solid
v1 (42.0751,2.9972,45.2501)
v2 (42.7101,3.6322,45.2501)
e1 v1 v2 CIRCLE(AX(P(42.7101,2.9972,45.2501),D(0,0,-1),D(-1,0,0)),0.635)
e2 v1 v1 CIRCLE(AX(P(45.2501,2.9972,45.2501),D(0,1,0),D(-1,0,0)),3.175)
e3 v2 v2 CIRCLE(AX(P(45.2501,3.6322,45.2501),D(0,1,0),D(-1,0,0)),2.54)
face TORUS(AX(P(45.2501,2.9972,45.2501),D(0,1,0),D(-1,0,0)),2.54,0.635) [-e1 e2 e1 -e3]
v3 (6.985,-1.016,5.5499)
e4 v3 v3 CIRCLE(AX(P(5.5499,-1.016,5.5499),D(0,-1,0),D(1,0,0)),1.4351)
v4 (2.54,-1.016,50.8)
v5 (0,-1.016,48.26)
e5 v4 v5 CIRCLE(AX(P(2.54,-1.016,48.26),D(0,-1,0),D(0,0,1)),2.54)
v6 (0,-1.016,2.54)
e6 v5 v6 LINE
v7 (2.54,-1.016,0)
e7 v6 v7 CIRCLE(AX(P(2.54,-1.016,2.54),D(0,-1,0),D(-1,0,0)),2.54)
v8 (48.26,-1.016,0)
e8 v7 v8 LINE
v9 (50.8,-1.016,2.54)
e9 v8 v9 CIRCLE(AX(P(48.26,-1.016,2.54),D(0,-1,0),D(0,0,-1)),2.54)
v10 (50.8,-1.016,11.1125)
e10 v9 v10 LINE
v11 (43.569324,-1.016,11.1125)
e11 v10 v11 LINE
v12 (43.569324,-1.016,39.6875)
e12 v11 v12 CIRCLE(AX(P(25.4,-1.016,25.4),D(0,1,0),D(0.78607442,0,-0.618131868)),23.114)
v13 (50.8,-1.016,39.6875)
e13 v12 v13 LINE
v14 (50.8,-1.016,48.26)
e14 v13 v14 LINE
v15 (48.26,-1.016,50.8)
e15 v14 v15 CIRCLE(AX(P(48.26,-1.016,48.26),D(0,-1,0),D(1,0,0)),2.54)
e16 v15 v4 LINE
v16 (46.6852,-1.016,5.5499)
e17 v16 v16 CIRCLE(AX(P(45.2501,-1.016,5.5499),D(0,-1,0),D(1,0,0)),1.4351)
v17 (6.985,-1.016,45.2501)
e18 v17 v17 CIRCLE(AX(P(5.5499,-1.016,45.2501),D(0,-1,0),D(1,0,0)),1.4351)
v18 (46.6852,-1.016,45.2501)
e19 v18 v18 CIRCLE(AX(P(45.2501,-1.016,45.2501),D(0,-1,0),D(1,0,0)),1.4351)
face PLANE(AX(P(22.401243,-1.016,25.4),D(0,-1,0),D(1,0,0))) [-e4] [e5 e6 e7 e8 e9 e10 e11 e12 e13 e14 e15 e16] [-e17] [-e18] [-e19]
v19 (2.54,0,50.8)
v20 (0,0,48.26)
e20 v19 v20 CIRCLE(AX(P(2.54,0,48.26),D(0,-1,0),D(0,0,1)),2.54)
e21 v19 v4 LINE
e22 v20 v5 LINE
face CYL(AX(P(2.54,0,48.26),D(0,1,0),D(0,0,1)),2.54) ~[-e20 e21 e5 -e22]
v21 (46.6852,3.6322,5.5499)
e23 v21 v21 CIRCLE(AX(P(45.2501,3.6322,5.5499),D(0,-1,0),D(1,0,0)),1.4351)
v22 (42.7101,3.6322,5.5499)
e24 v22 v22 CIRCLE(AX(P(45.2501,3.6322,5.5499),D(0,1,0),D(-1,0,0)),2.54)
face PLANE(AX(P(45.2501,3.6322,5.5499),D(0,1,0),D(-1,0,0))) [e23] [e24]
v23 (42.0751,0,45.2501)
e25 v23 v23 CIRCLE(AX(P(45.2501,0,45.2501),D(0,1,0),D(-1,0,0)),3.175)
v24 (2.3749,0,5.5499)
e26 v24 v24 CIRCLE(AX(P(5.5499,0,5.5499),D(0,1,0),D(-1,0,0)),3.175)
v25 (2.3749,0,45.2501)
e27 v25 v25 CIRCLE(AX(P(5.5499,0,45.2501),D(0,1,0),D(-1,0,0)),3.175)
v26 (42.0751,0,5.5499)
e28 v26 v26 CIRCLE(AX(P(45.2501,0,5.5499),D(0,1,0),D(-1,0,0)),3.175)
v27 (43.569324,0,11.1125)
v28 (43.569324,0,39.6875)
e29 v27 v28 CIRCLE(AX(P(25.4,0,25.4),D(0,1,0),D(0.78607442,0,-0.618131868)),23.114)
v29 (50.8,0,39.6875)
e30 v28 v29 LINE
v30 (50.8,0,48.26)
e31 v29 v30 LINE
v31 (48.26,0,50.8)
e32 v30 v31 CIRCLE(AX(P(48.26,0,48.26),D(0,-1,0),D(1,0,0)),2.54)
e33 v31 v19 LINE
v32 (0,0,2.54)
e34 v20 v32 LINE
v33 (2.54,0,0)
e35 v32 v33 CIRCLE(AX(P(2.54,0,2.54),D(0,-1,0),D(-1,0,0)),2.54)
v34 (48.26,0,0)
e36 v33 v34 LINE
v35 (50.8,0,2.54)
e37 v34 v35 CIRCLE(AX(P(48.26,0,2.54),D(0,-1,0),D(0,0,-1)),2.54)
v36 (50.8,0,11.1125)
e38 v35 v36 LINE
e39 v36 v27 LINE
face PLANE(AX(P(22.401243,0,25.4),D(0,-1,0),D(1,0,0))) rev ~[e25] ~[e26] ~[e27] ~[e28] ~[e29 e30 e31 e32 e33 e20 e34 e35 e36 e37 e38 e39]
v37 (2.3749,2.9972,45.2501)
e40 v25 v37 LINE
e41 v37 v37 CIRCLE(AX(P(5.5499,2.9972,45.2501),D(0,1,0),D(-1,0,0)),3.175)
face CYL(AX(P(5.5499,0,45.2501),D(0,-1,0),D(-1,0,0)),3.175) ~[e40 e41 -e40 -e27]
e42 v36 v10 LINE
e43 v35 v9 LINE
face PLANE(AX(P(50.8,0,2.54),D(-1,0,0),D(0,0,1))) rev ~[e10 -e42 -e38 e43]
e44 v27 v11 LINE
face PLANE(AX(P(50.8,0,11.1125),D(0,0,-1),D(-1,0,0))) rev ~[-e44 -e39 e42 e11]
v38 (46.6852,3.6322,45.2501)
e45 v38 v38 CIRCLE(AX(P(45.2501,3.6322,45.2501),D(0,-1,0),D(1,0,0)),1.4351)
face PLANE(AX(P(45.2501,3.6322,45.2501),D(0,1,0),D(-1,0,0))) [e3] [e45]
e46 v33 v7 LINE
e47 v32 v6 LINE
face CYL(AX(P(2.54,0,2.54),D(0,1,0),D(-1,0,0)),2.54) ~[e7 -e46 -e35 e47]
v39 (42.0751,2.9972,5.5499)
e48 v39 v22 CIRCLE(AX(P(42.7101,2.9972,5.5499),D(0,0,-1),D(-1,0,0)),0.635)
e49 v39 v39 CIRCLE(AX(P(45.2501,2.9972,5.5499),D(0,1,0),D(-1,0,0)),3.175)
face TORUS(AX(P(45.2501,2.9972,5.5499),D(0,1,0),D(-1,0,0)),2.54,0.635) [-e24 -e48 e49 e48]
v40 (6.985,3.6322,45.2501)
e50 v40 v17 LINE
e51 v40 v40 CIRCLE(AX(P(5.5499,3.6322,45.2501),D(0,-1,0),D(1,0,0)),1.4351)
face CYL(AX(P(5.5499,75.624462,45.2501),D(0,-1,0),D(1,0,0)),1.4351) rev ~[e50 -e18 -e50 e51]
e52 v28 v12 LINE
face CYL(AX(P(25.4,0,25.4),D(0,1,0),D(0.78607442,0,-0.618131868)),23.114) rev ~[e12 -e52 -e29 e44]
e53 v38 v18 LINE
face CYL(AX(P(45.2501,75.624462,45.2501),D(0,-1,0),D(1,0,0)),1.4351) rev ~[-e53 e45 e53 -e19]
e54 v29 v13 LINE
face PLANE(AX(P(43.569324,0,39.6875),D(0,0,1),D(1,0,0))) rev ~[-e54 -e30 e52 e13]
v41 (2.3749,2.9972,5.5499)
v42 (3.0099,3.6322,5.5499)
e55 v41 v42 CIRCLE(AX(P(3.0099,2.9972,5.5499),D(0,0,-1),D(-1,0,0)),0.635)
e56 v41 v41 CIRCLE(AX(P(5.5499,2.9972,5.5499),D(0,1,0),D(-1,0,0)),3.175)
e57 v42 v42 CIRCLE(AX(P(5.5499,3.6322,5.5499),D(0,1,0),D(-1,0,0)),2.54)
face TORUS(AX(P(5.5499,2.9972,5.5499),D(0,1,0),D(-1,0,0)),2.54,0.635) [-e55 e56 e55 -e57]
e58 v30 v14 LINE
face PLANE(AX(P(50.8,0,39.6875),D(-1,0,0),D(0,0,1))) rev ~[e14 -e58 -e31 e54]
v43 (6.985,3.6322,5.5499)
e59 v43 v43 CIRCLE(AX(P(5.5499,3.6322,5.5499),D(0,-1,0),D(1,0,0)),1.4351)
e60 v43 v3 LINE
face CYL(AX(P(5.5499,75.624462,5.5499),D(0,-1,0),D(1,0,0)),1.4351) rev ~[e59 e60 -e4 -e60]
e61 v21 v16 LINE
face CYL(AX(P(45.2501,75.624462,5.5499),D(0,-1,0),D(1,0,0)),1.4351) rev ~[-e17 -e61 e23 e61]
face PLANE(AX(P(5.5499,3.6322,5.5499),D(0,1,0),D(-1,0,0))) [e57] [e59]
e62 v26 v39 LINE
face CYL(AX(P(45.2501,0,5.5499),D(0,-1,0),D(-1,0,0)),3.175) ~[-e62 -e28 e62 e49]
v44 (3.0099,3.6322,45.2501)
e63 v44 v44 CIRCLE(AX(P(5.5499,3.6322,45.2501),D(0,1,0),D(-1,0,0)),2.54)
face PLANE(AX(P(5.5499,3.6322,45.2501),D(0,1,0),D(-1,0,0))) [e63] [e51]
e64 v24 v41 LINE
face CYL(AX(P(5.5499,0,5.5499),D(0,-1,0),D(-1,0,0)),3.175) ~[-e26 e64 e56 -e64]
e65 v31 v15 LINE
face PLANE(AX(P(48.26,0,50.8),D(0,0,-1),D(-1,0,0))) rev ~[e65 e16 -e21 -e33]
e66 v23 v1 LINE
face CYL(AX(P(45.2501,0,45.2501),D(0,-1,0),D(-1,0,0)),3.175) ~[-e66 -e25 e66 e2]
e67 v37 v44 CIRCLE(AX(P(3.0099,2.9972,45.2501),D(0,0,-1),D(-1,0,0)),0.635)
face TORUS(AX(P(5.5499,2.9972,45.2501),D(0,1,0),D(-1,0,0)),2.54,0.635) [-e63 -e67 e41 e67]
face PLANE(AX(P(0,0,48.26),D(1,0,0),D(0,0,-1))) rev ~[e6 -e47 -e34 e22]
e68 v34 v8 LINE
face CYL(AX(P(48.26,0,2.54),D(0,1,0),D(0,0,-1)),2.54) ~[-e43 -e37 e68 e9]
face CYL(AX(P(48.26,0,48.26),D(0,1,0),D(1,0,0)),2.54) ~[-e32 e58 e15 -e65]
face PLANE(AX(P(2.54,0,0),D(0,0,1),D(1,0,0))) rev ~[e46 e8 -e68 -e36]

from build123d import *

# Parameters (mm, degrees)
F1_DEPTH = 1.016
F2_R     = 3.175
F3_DEPTH = 3.6322
F5_D     = 2.8702
F6_R     = 0.635


with BuildPart() as f1:
    # F0 (on Front) → F1 (new body)
    with BuildSketch(Plane.XZ):
        with BuildLine():
            ThreePointArc((0, 2.54), (0.7439487758, 0.7439487758), (2.54, 0))
            Line((2.54, 0), (48.26, 0))
            ThreePointArc((48.26, 0), (50.0560512242, 0.7439487758), (50.8, 2.54))
            Line((50.8, 2.54), (50.8, 11.1125))
            Line((50.8, 11.1125), (43.5693241413, 11.1125))
            ThreePointArc((43.5693241413, 11.1125), (2.286, 25.4), (43.5693241413, 39.6875))
            Line((43.5693241413, 39.6875), (50.8, 39.6875))
            Line((50.8, 39.6875), (50.8, 48.26))
            ThreePointArc((50.8, 48.26), (50.0560512242, 50.0560512242), (48.26, 50.8))
            Line((48.26, 50.8), (2.54, 50.8))
            ThreePointArc((2.54, 50.8), (0.7439487758, 50.0560512242), (0, 48.26))
            Line((0, 48.26), (0, 2.54))
        make_face()
    extrude(amount=F1_DEPTH)

    # F2 (on face) → F3 (join)
    with BuildSketch(Plane(origin=(0, 0, 0), x_dir=(-1, 0, 0), z_dir=(0, 1, 0))):
        with Locations((-45.2501, 45.2501)):
            Circle(F2_R)
        with Locations((-5.5499, 45.2501)):
            Circle(F2_R)
        with Locations((-5.5499, 5.5499)):
            Circle(F2_R)
        with Locations((-45.2501, 5.5499)):
            Circle(F2_R)
    extrude(amount=F3_DEPTH)

    # F5 (through all)
    with Locations(Plane(origin=(0, 3.6322, 0), x_dir=(-1, 0, 0), z_dir=(0, 1, 0))):
        with Locations((-45.2501, 45.2501), (-5.5499, 45.2501), (-5.5499, 5.5499), (-45.2501, 5.5499)):
            Hole(F5_D / 2)

    # F6
    f6_edges = [f1.edges().sort_by_distance(p)[0] for p in [
        (48.4251, 3.6322, 45.2501),
        (8.7249, 3.6322, 45.2501),
        (8.7249, 3.6322, 5.5499),
        (48.4251, 3.6322, 5.5499),
    ]]
    fillet(f6_edges, radius=F6_R)


solid = f1.part
